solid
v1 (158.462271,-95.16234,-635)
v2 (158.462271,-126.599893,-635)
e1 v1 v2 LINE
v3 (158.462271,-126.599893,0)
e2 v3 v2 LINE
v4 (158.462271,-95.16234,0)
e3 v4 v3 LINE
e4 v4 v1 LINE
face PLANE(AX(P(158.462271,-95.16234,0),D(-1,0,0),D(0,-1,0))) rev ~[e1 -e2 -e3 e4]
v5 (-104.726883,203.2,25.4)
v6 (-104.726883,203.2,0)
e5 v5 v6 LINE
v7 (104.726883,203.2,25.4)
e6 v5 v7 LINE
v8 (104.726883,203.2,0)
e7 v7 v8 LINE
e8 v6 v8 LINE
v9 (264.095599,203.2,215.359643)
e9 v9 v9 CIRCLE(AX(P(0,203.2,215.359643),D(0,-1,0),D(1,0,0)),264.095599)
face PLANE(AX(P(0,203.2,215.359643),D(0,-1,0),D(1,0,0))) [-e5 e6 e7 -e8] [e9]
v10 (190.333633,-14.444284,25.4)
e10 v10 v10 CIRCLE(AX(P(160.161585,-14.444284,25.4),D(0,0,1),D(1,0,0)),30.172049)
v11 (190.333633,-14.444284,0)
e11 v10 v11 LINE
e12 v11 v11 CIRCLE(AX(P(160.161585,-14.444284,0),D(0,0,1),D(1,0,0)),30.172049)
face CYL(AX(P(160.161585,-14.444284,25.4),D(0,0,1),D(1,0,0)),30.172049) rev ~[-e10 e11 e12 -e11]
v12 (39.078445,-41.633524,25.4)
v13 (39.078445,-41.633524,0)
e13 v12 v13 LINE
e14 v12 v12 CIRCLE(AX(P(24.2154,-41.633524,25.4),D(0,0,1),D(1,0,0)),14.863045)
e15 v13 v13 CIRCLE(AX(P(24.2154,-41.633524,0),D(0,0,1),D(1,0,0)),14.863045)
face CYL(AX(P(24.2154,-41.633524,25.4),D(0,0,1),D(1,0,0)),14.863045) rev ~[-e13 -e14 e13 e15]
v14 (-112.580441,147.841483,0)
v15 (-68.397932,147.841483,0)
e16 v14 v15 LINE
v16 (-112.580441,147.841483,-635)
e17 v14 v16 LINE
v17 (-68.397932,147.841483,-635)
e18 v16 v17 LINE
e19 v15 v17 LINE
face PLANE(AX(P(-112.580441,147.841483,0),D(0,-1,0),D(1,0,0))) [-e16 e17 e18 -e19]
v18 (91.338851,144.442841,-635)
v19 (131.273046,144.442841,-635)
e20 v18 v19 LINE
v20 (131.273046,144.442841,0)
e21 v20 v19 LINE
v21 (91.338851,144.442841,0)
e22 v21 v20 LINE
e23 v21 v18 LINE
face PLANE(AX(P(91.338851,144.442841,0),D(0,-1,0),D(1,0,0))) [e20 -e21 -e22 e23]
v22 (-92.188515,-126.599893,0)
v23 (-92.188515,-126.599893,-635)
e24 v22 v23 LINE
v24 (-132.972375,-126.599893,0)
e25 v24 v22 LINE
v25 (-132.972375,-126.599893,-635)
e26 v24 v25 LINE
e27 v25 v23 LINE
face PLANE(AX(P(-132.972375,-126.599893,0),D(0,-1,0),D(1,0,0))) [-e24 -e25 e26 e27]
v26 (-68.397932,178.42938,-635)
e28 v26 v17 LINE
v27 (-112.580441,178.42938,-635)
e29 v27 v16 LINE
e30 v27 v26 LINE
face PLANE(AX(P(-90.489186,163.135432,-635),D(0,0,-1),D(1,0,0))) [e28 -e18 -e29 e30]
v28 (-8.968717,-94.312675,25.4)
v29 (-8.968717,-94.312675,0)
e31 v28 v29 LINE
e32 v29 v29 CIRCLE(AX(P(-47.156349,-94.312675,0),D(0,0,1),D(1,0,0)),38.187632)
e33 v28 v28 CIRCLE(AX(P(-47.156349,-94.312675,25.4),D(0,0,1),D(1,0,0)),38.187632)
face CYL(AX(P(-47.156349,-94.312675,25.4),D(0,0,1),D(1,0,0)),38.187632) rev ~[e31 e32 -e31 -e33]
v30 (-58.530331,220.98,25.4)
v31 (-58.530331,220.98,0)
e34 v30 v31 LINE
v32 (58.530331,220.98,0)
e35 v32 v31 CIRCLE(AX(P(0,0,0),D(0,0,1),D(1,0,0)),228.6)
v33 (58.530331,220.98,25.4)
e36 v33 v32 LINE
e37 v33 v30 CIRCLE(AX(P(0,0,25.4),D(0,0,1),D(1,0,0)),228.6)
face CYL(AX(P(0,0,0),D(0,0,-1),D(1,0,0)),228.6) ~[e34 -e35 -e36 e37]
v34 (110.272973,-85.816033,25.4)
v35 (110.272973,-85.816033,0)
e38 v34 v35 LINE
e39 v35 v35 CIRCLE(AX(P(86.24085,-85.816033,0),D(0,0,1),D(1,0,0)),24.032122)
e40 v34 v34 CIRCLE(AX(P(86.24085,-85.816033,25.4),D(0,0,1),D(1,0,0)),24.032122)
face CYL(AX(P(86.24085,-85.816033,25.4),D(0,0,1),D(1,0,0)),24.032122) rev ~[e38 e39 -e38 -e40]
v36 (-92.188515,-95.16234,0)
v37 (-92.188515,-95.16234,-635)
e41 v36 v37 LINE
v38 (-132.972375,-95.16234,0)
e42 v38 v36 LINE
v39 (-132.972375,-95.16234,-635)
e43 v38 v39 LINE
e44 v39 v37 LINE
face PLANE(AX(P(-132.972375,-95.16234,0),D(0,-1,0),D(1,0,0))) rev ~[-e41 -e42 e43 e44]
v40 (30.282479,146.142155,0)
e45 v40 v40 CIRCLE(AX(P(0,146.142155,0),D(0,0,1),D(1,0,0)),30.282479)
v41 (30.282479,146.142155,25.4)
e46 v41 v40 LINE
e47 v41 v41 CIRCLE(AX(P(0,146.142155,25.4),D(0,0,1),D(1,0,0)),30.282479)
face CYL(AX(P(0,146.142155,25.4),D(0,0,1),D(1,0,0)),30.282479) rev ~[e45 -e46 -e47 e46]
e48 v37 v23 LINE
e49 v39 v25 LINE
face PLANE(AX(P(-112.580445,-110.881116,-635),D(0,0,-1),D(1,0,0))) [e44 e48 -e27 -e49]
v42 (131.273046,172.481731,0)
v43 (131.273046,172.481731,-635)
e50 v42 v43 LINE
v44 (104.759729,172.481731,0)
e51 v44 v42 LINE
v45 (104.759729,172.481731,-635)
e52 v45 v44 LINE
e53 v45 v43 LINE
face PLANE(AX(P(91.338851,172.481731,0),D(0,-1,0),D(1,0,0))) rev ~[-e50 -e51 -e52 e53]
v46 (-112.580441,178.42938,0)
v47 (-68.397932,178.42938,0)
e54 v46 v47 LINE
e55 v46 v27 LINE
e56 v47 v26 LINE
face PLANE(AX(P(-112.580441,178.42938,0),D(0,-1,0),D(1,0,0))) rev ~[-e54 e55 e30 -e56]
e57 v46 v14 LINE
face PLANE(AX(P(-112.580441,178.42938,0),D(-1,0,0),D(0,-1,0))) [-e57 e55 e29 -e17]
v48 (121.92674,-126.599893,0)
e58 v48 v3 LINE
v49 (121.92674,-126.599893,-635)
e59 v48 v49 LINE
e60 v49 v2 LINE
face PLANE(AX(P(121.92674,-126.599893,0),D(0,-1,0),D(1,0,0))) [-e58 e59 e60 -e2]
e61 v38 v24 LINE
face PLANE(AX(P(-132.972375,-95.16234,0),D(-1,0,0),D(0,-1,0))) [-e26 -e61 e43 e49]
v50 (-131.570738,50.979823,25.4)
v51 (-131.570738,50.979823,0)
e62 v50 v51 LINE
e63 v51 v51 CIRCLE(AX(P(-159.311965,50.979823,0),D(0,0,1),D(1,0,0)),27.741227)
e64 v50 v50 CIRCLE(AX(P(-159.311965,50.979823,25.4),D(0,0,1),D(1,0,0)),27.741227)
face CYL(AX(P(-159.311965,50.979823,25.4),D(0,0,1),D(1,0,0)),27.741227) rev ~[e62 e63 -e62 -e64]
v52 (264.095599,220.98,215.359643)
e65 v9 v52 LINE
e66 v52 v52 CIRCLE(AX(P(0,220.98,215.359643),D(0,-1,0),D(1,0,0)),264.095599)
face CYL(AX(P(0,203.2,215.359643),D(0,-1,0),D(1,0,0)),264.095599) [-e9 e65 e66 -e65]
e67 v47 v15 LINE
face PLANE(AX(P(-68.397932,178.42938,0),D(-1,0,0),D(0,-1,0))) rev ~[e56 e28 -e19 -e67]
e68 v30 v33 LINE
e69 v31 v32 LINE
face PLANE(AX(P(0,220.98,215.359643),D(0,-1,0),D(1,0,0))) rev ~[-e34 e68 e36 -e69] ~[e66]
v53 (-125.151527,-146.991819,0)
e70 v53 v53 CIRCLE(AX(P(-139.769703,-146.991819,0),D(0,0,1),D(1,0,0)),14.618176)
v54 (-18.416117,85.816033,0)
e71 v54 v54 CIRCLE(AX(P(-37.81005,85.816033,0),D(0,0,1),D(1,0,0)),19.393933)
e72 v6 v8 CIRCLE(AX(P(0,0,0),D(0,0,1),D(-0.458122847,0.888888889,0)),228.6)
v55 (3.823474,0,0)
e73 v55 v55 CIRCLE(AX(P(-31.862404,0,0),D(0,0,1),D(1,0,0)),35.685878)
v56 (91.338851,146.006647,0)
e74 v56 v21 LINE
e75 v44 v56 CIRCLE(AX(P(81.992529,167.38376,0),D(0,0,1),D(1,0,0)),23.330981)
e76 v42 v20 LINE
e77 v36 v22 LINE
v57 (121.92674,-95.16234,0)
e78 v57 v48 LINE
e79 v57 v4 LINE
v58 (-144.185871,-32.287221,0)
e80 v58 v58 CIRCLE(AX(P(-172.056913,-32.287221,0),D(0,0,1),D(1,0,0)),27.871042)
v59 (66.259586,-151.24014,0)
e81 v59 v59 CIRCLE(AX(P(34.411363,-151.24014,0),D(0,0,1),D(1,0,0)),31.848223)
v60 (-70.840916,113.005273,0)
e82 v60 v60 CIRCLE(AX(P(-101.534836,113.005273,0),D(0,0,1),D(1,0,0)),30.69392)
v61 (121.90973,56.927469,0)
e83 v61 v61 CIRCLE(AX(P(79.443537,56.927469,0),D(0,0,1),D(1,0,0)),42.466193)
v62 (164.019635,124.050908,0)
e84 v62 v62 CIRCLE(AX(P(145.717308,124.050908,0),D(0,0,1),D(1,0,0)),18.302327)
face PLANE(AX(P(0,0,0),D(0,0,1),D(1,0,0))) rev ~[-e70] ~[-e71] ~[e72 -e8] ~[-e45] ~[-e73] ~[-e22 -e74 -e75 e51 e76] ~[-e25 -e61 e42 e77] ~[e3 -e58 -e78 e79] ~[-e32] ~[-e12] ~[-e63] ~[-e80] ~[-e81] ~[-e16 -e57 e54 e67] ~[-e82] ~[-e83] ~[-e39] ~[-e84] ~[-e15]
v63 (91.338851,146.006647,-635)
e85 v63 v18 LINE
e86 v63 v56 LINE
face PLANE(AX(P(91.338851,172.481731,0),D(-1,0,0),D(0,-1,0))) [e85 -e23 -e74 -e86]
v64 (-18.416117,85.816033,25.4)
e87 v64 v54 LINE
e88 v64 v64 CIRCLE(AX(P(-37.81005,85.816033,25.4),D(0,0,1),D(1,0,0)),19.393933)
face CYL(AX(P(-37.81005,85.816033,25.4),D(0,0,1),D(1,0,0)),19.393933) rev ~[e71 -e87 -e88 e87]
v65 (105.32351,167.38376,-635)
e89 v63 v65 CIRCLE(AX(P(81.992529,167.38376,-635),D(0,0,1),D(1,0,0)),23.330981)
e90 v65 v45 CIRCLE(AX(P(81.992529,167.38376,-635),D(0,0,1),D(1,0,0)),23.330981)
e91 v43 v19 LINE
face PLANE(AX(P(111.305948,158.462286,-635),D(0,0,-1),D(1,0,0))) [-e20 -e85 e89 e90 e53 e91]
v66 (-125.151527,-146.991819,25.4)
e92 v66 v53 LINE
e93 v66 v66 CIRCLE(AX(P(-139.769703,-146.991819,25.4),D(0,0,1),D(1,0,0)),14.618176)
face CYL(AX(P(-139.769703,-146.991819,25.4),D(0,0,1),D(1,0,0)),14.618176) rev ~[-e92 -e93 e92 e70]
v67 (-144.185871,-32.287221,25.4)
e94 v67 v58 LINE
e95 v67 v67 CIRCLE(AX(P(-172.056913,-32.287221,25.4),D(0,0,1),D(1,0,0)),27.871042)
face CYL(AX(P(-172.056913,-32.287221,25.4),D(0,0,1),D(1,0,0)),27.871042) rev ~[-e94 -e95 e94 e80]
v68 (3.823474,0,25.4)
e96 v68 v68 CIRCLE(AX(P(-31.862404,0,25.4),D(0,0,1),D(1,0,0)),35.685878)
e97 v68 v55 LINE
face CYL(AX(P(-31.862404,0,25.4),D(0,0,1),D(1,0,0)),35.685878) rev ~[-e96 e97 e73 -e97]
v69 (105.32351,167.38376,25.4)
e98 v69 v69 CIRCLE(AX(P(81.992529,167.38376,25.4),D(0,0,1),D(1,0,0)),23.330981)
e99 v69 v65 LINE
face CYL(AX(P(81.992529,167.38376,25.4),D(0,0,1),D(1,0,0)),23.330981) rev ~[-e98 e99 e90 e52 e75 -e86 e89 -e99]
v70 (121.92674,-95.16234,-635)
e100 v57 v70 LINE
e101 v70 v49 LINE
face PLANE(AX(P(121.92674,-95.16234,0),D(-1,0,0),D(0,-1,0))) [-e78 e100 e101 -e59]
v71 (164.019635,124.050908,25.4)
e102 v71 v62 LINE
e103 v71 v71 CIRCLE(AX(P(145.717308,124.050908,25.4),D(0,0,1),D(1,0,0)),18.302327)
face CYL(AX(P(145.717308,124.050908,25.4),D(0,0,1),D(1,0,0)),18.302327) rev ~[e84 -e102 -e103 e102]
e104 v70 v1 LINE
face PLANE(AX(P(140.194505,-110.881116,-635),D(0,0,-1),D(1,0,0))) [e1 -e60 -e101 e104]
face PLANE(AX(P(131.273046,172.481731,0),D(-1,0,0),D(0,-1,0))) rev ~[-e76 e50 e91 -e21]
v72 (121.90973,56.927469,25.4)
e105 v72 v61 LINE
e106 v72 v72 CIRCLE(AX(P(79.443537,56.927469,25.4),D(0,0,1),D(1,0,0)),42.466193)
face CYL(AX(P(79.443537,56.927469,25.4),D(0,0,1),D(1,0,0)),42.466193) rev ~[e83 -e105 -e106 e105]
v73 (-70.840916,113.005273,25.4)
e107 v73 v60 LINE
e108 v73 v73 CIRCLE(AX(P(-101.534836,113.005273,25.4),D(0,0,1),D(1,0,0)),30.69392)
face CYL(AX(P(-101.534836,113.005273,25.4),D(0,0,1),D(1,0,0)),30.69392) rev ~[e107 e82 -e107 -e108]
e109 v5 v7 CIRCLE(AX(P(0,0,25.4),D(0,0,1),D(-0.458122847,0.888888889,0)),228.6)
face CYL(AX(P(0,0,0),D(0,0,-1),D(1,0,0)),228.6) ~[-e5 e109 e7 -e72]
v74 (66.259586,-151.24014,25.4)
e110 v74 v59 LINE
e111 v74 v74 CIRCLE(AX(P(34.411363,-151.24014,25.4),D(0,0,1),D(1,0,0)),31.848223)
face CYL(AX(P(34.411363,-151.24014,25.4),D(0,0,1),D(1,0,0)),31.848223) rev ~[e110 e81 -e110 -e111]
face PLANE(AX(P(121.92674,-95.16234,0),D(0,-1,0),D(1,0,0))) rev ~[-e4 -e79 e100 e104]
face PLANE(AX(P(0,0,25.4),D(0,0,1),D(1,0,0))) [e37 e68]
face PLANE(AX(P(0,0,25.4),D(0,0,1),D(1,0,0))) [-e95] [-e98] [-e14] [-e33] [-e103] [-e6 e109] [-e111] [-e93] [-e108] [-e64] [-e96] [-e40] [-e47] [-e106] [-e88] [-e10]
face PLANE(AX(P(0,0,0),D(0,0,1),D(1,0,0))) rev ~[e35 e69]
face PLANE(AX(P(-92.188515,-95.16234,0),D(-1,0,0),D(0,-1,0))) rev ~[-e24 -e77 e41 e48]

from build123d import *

# Parameters (mm, degrees)
F0_R     = 228.6
F1_DEPTH = 25.4
F2_W     = 40.7838597894
F2_H     = 31.4375534654
F2_W_2   = 36.5355312824
F2_W_3   = 39.9341955781
F2_H_2   = 28.0388891697
F2_W_4   = 44.1825091839
F2_H_3   = 30.5878967047
F3_DEPTH = 635
F4_R     = 27.7412270748
F4_R_2   = 30.6939197936
F4_R_3   = 30.2824794864
F4_R_4   = 42.4661928604
F4_R_5   = 35.685878247
F4_R_6   = 24.0321224842
F4_R_7   = 38.1876319
F4_R_8   = 27.8710420507
F4_R_9   = 30.1720485084
F4_R_10  = 18.3023272337
F4_R_11  = 31.8482226346
F4_R_12  = 14.6181758263
F4_R_13  = 14.8630451227
F4_R_14  = 19.3939328546
F4_R_15  = 23.3309809272
F5_DEPTH = 977.9
F7_START = -203.2
F6_R     = 264.0955993442
F7_DEPTH = 17.78


with BuildPart() as f1:
    # F0 (on Top) → F1 (new body)
    with BuildSketch(Plane.XY):
        Circle(F0_R)
    extrude(amount=F1_DEPTH)

    # F2 (on face) → F3 (join)
    with BuildSketch(Plane(origin=(0, 0, 0), x_dir=(1, 0, 0), z_dir=(0, 0, -1))):
        with Locations((-112.5804446638, 110.8811162412)):
            Rectangle(F2_W, F2_H)
        with Locations((140.1945054531, 110.8811162412)):
            Rectangle(F2_W_2, F2_H)
        with Locations((111.3059483469, -158.4622859955)):
            Rectangle(F2_W_3, F2_H_2)
        with Locations((-90.4891863465, -163.1354317069)):
            Rectangle(F2_W_4, F2_H_3)
    extrude(amount=F3_DEPTH)

    # F4 (on face) → F5 (cut)
    with BuildSketch(Plane.XY.offset(25.4)):
        with Locations((-159.3119651079, 50.9798228741)):
            Circle(F4_R)
        with Locations((-101.5348359942, 113.0052730441)):
            Circle(F4_R_2)
        with Locations((0, 146.142154932)):
            Circle(F4_R_3)
        with Locations((79.4435366988, 56.9274686277)):
            Circle(F4_R_4)
        with Locations((-31.8624041975, 0)):
            Circle(F4_R_5)
        with Locations((86.240850389, -85.8160331845)):
            Circle(F4_R_6)
        with Locations((-47.1563488245, -94.3126752973)):
            Circle(F4_R_7)
        with Locations((-172.0569133759, -32.2872214019)):
            Circle(F4_R_8)
        with Locations((160.1615846157, -14.4442841411)):
            Circle(F4_R_9)
        with Locations((145.7173079252, 124.0509077907)):
            Circle(F4_R_10)
        with Locations((34.4113633037, -151.2401401997)):
            Circle(F4_R_11)
        with Locations((-139.7697031498, -146.9918191433)):
            Circle(F4_R_12)
        with Locations((24.215400219, -41.6335240006)):
            Circle(F4_R_13)
        with Locations((-37.8100499511, 85.8160331845)):
            Circle(F4_R_14)
        with Locations((81.9925293326, 167.3837602139)):
            Circle(F4_R_15)
    extrude(amount=-F5_DEPTH, mode=Mode.SUBTRACT)

    # F6 (on Front) → F7 (join)
    with BuildSketch(Plane.XZ.offset(F7_START)):
        with Locations((0, 215.3596431017)):
            Circle(F6_R)
    extrude(amount=-F7_DEPTH)


solid = f1.part
